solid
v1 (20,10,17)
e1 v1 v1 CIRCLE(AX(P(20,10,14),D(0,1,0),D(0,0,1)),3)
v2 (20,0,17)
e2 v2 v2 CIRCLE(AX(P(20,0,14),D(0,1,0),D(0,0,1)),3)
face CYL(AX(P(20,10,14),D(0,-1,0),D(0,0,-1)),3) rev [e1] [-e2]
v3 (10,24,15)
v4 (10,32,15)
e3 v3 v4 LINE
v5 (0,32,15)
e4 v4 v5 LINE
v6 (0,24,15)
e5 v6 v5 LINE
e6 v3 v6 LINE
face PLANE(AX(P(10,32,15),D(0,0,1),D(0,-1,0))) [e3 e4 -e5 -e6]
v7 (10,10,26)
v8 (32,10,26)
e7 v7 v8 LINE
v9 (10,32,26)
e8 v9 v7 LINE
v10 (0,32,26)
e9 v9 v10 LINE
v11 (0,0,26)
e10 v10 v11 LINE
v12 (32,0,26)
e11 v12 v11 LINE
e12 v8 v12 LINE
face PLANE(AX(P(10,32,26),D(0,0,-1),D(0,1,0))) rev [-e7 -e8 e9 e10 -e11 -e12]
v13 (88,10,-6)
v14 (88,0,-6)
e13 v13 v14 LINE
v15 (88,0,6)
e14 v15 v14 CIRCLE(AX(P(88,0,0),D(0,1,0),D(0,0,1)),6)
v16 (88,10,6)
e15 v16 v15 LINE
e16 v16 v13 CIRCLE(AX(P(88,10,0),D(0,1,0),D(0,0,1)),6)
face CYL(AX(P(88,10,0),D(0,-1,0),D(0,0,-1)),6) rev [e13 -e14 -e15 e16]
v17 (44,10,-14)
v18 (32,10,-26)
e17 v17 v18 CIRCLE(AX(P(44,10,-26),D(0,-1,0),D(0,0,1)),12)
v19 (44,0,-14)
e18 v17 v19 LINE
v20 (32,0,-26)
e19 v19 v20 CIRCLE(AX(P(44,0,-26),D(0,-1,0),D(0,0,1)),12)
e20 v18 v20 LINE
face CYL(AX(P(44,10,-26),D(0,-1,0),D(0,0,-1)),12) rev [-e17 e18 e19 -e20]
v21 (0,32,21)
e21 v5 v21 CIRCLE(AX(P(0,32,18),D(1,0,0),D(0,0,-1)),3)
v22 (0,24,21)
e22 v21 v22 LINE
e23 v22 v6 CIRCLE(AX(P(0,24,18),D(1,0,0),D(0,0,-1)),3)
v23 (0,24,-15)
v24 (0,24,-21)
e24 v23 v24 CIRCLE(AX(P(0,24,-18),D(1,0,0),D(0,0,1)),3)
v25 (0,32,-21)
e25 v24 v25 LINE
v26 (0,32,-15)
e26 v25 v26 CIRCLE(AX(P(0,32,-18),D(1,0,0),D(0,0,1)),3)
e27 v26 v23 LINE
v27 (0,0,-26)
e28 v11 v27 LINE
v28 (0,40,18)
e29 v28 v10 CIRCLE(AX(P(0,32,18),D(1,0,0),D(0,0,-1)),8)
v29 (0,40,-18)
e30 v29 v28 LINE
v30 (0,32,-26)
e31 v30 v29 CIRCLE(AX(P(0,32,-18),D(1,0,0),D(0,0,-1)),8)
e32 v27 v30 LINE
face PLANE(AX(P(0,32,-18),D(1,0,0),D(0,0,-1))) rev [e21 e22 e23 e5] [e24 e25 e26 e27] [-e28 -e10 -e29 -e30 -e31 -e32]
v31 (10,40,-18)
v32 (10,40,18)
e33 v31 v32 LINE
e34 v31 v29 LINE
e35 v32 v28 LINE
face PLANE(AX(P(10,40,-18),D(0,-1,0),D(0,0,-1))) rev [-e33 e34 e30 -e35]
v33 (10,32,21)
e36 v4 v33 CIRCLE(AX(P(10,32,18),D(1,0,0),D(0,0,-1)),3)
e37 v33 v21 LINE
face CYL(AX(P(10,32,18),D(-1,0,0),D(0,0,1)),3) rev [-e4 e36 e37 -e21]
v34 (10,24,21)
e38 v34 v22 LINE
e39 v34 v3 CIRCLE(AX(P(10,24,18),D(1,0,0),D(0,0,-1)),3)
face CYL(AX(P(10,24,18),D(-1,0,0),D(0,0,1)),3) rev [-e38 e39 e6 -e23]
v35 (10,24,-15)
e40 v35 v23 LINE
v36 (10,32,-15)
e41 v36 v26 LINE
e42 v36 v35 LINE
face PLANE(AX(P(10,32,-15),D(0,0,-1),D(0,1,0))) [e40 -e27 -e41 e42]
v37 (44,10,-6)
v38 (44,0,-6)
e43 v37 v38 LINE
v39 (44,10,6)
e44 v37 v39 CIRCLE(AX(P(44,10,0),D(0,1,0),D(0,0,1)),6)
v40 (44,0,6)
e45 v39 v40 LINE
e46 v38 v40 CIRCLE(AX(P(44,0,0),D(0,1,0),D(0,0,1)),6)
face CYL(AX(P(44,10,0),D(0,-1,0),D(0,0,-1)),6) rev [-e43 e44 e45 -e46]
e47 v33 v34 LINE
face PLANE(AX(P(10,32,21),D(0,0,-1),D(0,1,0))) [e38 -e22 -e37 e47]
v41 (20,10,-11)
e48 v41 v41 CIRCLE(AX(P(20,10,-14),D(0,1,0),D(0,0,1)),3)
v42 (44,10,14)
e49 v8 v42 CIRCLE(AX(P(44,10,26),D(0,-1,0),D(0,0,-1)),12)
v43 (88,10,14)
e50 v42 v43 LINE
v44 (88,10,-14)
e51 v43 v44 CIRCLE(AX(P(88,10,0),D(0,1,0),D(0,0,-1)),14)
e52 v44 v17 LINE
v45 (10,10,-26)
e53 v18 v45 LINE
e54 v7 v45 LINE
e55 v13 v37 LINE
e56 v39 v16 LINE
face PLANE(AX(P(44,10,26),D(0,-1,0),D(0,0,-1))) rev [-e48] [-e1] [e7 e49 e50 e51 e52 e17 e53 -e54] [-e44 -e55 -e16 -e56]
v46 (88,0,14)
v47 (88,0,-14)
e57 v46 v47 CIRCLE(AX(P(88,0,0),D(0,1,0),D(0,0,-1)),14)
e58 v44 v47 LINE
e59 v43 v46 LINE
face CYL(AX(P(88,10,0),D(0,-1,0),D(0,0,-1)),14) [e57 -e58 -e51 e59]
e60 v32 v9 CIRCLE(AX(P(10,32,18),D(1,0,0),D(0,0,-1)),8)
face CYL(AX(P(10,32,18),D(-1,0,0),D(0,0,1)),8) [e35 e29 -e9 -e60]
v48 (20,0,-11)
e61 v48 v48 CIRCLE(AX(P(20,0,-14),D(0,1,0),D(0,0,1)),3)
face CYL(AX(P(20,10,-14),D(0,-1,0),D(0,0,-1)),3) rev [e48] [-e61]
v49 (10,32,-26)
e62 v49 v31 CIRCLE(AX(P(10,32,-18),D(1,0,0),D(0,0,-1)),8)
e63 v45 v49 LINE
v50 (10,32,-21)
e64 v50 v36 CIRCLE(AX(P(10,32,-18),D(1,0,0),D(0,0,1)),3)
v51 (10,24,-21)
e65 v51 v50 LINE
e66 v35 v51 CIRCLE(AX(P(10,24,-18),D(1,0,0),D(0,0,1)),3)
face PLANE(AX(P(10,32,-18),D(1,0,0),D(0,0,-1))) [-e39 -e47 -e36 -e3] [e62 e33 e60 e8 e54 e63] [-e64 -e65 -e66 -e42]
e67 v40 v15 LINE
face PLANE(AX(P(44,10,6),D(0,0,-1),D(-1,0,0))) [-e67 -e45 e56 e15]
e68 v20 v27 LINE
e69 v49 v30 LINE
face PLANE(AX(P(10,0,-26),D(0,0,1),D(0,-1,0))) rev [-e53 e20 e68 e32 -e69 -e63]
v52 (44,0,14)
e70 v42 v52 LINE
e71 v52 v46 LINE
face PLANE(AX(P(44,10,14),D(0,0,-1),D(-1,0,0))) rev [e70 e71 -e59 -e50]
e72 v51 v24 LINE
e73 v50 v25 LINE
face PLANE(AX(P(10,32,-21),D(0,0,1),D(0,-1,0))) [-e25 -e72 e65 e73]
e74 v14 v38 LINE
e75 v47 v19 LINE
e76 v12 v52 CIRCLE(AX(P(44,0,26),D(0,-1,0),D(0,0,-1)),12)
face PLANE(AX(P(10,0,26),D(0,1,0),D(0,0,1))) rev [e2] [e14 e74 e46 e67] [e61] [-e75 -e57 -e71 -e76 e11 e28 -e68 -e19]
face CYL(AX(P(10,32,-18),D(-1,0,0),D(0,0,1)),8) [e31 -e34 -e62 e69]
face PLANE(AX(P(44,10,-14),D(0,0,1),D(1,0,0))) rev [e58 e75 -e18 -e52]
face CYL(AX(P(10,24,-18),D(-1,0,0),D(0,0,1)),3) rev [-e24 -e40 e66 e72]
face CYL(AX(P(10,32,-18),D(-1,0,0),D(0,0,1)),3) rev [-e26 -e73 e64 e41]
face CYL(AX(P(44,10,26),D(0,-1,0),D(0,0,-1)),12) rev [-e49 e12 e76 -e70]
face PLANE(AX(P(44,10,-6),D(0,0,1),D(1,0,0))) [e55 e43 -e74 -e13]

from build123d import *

# Parameters (mm, degrees)
BOSS_EXTRUDE1_DEPTH = 10
SKETCH2_R           = 3
BOSS_EXTRUDE2_DEPTH = 10


with BuildPart() as part:
    # Sketch1 → Boss-Extrude1 (new body)
    with BuildSketch(Plane(origin=(0, 0, 0), x_dir=(0, 0, -1), z_dir=(1, 0, 0))):
        with BuildLine():
            Line((-26, 0), (26, 0))
            Line((26, 0), (26, 32))
            ThreePointArc((26, 32), (23.656854249, 37.656854249), (18, 40))
            Line((18, 40), (-18, 40))
            ThreePointArc((-18, 40), (-23.656854249, 37.656854249), (-26, 32))
            Line((-26, 32), (-26, 0))
        make_face()
        with BuildLine():
            Line((-15, 32), (-15, 24))
            ThreePointArc((-15, 24), (-18, 21), (-21, 24))
            Line((-21, 24), (-21, 32))
            ThreePointArc((-21, 32), (-18, 35), (-15, 32))
        make_face(mode=Mode.SUBTRACT)
        with BuildLine():
            Line((15, 32), (15, 24))
            ThreePointArc((15, 24), (18, 21), (21, 24))
            Line((21, 24), (21, 32))
            ThreePointArc((21, 32), (18, 35), (15, 32))
        make_face(mode=Mode.SUBTRACT)
    extrude(amount=BOSS_EXTRUDE1_DEPTH)

    # Sketch2 → Boss-Extrude2 (add)
    with BuildSketch(Plane(origin=(0, 0, 0), x_dir=(1, 0, 0), z_dir=(0, 1, 0))):
        with BuildLine():
            Line((0, 26), (32, 26))
            ThreePointArc((32, 26), (35.514718626, 17.514718626), (44, 14))
            Line((44, 14), (88, 14))
            ThreePointArc((88, 14), (102, 0), (88, -14))
            Line((88, -14), (44, -14))
            ThreePointArc((44, -14), (35.514718626, -17.514718626), (32, -26))
            Line((32, -26), (0, -26))
            Line((0, -26), (0, 26))
        make_face()
        with Locations((20, 14)):
            Circle(SKETCH2_R, mode=Mode.SUBTRACT)
        with Locations((20, -14)):
            Circle(SKETCH2_R, mode=Mode.SUBTRACT)
        with BuildLine():
            Line((44, 6), (88, 6))
            ThreePointArc((88, 6), (94, 0), (88, -6))
            Line((88, -6), (44, -6))
            ThreePointArc((44, -6), (38, 0), (44, 6))
        make_face(mode=Mode.SUBTRACT)
    extrude(amount=BOSS_EXTRUDE2_DEPTH)


solid = part.part
